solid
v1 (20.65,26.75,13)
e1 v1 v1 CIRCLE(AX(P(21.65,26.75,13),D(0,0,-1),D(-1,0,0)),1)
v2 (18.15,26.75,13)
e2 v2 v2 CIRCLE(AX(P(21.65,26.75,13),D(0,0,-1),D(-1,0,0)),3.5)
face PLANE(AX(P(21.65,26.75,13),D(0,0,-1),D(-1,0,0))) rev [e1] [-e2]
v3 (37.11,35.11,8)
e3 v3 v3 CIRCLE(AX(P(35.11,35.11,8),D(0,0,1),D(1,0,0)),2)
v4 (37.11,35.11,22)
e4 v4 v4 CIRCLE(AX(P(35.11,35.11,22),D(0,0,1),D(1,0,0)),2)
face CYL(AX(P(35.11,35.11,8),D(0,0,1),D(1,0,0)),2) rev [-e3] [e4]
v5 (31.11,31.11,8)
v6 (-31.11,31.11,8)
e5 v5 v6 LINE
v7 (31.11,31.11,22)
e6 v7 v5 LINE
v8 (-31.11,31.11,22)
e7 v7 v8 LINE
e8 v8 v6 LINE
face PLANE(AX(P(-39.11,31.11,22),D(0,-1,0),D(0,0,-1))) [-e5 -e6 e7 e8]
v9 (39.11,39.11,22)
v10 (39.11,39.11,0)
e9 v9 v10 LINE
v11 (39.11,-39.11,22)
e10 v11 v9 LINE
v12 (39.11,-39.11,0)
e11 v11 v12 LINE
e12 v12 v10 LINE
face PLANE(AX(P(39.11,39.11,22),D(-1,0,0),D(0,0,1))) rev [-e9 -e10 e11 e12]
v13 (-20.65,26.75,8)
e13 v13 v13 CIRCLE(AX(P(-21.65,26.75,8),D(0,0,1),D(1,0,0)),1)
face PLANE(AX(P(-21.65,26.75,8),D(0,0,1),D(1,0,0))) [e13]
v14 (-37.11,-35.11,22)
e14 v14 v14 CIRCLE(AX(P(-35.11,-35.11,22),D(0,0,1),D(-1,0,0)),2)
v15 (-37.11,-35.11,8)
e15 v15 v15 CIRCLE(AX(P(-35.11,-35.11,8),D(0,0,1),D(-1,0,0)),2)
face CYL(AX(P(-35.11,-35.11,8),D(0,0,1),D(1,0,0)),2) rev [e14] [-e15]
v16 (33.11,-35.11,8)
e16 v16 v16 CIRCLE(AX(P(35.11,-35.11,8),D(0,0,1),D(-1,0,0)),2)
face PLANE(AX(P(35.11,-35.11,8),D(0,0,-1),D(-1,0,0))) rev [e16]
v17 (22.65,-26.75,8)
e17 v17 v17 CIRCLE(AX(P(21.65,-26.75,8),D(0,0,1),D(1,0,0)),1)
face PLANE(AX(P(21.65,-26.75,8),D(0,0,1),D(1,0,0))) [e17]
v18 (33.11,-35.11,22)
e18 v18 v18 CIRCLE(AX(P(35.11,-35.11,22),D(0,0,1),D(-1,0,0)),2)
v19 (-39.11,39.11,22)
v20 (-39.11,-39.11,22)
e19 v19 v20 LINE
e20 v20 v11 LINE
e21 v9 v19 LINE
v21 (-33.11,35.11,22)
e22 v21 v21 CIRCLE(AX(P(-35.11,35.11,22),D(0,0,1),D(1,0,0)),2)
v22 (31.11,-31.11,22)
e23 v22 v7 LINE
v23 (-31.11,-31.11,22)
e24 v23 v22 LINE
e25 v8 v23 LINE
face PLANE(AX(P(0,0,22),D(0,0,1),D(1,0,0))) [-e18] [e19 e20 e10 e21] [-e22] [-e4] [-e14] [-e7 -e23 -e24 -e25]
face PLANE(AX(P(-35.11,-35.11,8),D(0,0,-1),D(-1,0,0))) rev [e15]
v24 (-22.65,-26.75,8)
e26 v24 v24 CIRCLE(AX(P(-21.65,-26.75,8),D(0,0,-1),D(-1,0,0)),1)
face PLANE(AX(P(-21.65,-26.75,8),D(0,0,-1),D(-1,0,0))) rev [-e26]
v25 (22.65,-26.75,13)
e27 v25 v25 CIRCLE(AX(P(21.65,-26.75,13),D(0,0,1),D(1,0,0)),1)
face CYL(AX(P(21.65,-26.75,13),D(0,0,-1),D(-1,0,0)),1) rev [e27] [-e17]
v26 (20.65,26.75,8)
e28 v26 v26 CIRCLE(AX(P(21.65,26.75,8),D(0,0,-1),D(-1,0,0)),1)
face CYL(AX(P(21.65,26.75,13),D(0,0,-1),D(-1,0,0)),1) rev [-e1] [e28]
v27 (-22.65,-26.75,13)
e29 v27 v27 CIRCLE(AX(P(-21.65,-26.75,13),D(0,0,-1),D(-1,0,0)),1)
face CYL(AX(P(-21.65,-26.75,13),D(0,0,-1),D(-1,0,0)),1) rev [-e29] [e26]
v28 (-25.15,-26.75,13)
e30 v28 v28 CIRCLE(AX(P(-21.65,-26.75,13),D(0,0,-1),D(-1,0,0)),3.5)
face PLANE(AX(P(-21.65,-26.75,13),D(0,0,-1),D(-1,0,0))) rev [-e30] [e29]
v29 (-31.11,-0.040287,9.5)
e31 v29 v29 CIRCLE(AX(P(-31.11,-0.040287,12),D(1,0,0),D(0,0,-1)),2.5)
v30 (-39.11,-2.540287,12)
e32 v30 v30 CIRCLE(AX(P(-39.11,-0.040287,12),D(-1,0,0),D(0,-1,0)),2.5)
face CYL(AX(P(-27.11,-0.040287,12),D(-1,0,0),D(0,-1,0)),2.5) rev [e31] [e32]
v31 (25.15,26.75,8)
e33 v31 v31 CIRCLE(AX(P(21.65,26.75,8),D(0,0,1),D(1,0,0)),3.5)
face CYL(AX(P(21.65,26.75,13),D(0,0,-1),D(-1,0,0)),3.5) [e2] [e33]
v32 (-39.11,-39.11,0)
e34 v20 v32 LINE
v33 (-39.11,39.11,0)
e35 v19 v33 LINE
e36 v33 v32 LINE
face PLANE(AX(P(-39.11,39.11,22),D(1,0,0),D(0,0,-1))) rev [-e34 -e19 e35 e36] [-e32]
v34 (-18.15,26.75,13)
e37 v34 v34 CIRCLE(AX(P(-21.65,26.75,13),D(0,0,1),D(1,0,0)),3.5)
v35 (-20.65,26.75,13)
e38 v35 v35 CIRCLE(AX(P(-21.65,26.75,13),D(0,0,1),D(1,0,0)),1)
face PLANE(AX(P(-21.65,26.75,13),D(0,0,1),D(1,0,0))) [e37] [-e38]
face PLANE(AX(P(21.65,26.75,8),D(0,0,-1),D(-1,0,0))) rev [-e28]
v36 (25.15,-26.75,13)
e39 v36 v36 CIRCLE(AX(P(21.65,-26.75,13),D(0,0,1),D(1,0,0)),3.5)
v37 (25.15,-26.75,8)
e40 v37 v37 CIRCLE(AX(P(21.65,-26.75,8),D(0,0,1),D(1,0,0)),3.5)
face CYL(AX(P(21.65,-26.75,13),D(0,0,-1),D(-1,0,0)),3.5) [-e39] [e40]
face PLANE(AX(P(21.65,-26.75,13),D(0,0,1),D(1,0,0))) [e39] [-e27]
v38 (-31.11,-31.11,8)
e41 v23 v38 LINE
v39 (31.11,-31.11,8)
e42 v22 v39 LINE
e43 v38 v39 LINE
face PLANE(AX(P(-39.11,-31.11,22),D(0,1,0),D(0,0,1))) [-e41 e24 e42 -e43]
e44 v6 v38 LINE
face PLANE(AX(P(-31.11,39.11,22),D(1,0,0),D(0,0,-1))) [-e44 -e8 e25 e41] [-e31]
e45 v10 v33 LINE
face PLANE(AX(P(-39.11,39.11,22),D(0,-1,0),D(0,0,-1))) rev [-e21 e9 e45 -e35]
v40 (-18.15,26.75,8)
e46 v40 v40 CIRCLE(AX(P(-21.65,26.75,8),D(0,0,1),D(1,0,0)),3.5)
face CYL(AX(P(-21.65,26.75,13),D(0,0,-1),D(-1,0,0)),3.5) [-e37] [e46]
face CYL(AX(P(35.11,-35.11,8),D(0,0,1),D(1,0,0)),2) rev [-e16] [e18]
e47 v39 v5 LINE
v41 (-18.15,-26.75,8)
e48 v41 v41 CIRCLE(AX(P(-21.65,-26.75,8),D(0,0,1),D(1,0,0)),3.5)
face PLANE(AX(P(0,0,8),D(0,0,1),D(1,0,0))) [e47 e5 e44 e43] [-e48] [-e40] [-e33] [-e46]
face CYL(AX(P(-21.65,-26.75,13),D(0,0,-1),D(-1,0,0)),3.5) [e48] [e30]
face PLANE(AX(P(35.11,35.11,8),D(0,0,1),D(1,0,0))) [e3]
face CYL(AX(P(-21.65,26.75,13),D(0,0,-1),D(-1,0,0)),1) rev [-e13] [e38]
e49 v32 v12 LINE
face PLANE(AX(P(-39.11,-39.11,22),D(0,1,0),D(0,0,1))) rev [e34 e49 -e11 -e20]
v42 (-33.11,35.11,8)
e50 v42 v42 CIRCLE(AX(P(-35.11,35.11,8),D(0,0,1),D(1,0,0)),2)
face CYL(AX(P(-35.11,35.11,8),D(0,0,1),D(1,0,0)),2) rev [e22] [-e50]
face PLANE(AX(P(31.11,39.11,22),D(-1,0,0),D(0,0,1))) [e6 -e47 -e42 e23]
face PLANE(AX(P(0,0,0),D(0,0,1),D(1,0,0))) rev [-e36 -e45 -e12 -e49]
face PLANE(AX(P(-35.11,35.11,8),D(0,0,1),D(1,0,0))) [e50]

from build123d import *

# Parameters (mm, degrees)
ESQUISSE1_W             = 78.22
ESQUISSE1_H             = 78.22
BOSS_EXTRU_1_DEPTH      = 22
COQUE1_T                = -8
ESQUISSE2_R             = 2
ENL_V_MAT_EXTRU_1_DEPTH = 14
ESQUISSE3_R             = 3.5
BOSS_EXTRU_2_DEPTH      = 5
ESQUISSE3_4_R           = 1
ENL_V_MAT_EXTRU_3_DEPTH = 5
ESQUISSE6_R             = 2.5
ENL_V_MAT_EXTRU_4_DEPTH = 12


with BuildPart() as part:
    # Esquisse1 → Boss.-Extru.1 (new body)
    with BuildSketch(Plane.XY):
        Rectangle(ESQUISSE1_W, ESQUISSE1_H)
    extrude(amount=BOSS_EXTRU_1_DEPTH)

    # Coque1
    coque1_openings = [part.faces().sort_by_distance(p)[0] for p in [
        (0, 0, 22),
    ]]
    offset(amount=COQUE1_T, openings=coque1_openings, kind=Kind.INTERSECTION)

    # Esquisse2 → Enl_v. mat.-Extru.1 (cut)
    with BuildSketch(Plane.XY.offset(22)):
        with Locations((-35.11, 35.11)):
            Circle(ESQUISSE2_R)
        with Locations((35.11, -35.11)):
            Circle(ESQUISSE2_R)
        with Locations((35.11, 35.11)):
            Circle(ESQUISSE2_R)
        with Locations((-35.11, -35.11)):
            Circle(ESQUISSE2_R)
    extrude(amount=-ENL_V_MAT_EXTRU_1_DEPTH, mode=Mode.SUBTRACT)

    # Esquisse3 → Boss.-Extru.2 (add)
    with BuildSketch(Plane.XY.offset(8)):
        with Locations((-21.65, 26.75)):
            Circle(ESQUISSE3_R)
        with Locations((-21.65, -26.75)):
            Circle(ESQUISSE3_R)
        with Locations((21.65, -26.75)):
            Circle(ESQUISSE3_R)
        with Locations((21.65, 26.75)):
            Circle(ESQUISSE3_R)
    extrude(amount=BOSS_EXTRU_2_DEPTH)

    # Esquisse3_4 → Enl_v. mat.-Extru.3 (cut)
    with BuildSketch(Plane.XY.offset(8)):
        with Locations((-21.65, 26.75)):
            Circle(ESQUISSE3_4_R)
        with Locations((-21.65, -26.75)):
            Circle(ESQUISSE3_4_R)
        with Locations((21.65, -26.75)):
            Circle(ESQUISSE3_4_R)
        with Locations((21.65, 26.75)):
            Circle(ESQUISSE3_4_R)
    extrude(amount=ENL_V_MAT_EXTRU_3_DEPTH, mode=Mode.SUBTRACT)

    # Esquisse6 → Enl_v. mat.-Extru.4 (cut)
    with BuildSketch(Plane.ZY.offset(39.11)):
        with Locations((12, -0.040287358)):
            Circle(ESQUISSE6_R)
    extrude(amount=-ENL_V_MAT_EXTRU_4_DEPTH, mode=Mode.SUBTRACT)


solid = part.part
